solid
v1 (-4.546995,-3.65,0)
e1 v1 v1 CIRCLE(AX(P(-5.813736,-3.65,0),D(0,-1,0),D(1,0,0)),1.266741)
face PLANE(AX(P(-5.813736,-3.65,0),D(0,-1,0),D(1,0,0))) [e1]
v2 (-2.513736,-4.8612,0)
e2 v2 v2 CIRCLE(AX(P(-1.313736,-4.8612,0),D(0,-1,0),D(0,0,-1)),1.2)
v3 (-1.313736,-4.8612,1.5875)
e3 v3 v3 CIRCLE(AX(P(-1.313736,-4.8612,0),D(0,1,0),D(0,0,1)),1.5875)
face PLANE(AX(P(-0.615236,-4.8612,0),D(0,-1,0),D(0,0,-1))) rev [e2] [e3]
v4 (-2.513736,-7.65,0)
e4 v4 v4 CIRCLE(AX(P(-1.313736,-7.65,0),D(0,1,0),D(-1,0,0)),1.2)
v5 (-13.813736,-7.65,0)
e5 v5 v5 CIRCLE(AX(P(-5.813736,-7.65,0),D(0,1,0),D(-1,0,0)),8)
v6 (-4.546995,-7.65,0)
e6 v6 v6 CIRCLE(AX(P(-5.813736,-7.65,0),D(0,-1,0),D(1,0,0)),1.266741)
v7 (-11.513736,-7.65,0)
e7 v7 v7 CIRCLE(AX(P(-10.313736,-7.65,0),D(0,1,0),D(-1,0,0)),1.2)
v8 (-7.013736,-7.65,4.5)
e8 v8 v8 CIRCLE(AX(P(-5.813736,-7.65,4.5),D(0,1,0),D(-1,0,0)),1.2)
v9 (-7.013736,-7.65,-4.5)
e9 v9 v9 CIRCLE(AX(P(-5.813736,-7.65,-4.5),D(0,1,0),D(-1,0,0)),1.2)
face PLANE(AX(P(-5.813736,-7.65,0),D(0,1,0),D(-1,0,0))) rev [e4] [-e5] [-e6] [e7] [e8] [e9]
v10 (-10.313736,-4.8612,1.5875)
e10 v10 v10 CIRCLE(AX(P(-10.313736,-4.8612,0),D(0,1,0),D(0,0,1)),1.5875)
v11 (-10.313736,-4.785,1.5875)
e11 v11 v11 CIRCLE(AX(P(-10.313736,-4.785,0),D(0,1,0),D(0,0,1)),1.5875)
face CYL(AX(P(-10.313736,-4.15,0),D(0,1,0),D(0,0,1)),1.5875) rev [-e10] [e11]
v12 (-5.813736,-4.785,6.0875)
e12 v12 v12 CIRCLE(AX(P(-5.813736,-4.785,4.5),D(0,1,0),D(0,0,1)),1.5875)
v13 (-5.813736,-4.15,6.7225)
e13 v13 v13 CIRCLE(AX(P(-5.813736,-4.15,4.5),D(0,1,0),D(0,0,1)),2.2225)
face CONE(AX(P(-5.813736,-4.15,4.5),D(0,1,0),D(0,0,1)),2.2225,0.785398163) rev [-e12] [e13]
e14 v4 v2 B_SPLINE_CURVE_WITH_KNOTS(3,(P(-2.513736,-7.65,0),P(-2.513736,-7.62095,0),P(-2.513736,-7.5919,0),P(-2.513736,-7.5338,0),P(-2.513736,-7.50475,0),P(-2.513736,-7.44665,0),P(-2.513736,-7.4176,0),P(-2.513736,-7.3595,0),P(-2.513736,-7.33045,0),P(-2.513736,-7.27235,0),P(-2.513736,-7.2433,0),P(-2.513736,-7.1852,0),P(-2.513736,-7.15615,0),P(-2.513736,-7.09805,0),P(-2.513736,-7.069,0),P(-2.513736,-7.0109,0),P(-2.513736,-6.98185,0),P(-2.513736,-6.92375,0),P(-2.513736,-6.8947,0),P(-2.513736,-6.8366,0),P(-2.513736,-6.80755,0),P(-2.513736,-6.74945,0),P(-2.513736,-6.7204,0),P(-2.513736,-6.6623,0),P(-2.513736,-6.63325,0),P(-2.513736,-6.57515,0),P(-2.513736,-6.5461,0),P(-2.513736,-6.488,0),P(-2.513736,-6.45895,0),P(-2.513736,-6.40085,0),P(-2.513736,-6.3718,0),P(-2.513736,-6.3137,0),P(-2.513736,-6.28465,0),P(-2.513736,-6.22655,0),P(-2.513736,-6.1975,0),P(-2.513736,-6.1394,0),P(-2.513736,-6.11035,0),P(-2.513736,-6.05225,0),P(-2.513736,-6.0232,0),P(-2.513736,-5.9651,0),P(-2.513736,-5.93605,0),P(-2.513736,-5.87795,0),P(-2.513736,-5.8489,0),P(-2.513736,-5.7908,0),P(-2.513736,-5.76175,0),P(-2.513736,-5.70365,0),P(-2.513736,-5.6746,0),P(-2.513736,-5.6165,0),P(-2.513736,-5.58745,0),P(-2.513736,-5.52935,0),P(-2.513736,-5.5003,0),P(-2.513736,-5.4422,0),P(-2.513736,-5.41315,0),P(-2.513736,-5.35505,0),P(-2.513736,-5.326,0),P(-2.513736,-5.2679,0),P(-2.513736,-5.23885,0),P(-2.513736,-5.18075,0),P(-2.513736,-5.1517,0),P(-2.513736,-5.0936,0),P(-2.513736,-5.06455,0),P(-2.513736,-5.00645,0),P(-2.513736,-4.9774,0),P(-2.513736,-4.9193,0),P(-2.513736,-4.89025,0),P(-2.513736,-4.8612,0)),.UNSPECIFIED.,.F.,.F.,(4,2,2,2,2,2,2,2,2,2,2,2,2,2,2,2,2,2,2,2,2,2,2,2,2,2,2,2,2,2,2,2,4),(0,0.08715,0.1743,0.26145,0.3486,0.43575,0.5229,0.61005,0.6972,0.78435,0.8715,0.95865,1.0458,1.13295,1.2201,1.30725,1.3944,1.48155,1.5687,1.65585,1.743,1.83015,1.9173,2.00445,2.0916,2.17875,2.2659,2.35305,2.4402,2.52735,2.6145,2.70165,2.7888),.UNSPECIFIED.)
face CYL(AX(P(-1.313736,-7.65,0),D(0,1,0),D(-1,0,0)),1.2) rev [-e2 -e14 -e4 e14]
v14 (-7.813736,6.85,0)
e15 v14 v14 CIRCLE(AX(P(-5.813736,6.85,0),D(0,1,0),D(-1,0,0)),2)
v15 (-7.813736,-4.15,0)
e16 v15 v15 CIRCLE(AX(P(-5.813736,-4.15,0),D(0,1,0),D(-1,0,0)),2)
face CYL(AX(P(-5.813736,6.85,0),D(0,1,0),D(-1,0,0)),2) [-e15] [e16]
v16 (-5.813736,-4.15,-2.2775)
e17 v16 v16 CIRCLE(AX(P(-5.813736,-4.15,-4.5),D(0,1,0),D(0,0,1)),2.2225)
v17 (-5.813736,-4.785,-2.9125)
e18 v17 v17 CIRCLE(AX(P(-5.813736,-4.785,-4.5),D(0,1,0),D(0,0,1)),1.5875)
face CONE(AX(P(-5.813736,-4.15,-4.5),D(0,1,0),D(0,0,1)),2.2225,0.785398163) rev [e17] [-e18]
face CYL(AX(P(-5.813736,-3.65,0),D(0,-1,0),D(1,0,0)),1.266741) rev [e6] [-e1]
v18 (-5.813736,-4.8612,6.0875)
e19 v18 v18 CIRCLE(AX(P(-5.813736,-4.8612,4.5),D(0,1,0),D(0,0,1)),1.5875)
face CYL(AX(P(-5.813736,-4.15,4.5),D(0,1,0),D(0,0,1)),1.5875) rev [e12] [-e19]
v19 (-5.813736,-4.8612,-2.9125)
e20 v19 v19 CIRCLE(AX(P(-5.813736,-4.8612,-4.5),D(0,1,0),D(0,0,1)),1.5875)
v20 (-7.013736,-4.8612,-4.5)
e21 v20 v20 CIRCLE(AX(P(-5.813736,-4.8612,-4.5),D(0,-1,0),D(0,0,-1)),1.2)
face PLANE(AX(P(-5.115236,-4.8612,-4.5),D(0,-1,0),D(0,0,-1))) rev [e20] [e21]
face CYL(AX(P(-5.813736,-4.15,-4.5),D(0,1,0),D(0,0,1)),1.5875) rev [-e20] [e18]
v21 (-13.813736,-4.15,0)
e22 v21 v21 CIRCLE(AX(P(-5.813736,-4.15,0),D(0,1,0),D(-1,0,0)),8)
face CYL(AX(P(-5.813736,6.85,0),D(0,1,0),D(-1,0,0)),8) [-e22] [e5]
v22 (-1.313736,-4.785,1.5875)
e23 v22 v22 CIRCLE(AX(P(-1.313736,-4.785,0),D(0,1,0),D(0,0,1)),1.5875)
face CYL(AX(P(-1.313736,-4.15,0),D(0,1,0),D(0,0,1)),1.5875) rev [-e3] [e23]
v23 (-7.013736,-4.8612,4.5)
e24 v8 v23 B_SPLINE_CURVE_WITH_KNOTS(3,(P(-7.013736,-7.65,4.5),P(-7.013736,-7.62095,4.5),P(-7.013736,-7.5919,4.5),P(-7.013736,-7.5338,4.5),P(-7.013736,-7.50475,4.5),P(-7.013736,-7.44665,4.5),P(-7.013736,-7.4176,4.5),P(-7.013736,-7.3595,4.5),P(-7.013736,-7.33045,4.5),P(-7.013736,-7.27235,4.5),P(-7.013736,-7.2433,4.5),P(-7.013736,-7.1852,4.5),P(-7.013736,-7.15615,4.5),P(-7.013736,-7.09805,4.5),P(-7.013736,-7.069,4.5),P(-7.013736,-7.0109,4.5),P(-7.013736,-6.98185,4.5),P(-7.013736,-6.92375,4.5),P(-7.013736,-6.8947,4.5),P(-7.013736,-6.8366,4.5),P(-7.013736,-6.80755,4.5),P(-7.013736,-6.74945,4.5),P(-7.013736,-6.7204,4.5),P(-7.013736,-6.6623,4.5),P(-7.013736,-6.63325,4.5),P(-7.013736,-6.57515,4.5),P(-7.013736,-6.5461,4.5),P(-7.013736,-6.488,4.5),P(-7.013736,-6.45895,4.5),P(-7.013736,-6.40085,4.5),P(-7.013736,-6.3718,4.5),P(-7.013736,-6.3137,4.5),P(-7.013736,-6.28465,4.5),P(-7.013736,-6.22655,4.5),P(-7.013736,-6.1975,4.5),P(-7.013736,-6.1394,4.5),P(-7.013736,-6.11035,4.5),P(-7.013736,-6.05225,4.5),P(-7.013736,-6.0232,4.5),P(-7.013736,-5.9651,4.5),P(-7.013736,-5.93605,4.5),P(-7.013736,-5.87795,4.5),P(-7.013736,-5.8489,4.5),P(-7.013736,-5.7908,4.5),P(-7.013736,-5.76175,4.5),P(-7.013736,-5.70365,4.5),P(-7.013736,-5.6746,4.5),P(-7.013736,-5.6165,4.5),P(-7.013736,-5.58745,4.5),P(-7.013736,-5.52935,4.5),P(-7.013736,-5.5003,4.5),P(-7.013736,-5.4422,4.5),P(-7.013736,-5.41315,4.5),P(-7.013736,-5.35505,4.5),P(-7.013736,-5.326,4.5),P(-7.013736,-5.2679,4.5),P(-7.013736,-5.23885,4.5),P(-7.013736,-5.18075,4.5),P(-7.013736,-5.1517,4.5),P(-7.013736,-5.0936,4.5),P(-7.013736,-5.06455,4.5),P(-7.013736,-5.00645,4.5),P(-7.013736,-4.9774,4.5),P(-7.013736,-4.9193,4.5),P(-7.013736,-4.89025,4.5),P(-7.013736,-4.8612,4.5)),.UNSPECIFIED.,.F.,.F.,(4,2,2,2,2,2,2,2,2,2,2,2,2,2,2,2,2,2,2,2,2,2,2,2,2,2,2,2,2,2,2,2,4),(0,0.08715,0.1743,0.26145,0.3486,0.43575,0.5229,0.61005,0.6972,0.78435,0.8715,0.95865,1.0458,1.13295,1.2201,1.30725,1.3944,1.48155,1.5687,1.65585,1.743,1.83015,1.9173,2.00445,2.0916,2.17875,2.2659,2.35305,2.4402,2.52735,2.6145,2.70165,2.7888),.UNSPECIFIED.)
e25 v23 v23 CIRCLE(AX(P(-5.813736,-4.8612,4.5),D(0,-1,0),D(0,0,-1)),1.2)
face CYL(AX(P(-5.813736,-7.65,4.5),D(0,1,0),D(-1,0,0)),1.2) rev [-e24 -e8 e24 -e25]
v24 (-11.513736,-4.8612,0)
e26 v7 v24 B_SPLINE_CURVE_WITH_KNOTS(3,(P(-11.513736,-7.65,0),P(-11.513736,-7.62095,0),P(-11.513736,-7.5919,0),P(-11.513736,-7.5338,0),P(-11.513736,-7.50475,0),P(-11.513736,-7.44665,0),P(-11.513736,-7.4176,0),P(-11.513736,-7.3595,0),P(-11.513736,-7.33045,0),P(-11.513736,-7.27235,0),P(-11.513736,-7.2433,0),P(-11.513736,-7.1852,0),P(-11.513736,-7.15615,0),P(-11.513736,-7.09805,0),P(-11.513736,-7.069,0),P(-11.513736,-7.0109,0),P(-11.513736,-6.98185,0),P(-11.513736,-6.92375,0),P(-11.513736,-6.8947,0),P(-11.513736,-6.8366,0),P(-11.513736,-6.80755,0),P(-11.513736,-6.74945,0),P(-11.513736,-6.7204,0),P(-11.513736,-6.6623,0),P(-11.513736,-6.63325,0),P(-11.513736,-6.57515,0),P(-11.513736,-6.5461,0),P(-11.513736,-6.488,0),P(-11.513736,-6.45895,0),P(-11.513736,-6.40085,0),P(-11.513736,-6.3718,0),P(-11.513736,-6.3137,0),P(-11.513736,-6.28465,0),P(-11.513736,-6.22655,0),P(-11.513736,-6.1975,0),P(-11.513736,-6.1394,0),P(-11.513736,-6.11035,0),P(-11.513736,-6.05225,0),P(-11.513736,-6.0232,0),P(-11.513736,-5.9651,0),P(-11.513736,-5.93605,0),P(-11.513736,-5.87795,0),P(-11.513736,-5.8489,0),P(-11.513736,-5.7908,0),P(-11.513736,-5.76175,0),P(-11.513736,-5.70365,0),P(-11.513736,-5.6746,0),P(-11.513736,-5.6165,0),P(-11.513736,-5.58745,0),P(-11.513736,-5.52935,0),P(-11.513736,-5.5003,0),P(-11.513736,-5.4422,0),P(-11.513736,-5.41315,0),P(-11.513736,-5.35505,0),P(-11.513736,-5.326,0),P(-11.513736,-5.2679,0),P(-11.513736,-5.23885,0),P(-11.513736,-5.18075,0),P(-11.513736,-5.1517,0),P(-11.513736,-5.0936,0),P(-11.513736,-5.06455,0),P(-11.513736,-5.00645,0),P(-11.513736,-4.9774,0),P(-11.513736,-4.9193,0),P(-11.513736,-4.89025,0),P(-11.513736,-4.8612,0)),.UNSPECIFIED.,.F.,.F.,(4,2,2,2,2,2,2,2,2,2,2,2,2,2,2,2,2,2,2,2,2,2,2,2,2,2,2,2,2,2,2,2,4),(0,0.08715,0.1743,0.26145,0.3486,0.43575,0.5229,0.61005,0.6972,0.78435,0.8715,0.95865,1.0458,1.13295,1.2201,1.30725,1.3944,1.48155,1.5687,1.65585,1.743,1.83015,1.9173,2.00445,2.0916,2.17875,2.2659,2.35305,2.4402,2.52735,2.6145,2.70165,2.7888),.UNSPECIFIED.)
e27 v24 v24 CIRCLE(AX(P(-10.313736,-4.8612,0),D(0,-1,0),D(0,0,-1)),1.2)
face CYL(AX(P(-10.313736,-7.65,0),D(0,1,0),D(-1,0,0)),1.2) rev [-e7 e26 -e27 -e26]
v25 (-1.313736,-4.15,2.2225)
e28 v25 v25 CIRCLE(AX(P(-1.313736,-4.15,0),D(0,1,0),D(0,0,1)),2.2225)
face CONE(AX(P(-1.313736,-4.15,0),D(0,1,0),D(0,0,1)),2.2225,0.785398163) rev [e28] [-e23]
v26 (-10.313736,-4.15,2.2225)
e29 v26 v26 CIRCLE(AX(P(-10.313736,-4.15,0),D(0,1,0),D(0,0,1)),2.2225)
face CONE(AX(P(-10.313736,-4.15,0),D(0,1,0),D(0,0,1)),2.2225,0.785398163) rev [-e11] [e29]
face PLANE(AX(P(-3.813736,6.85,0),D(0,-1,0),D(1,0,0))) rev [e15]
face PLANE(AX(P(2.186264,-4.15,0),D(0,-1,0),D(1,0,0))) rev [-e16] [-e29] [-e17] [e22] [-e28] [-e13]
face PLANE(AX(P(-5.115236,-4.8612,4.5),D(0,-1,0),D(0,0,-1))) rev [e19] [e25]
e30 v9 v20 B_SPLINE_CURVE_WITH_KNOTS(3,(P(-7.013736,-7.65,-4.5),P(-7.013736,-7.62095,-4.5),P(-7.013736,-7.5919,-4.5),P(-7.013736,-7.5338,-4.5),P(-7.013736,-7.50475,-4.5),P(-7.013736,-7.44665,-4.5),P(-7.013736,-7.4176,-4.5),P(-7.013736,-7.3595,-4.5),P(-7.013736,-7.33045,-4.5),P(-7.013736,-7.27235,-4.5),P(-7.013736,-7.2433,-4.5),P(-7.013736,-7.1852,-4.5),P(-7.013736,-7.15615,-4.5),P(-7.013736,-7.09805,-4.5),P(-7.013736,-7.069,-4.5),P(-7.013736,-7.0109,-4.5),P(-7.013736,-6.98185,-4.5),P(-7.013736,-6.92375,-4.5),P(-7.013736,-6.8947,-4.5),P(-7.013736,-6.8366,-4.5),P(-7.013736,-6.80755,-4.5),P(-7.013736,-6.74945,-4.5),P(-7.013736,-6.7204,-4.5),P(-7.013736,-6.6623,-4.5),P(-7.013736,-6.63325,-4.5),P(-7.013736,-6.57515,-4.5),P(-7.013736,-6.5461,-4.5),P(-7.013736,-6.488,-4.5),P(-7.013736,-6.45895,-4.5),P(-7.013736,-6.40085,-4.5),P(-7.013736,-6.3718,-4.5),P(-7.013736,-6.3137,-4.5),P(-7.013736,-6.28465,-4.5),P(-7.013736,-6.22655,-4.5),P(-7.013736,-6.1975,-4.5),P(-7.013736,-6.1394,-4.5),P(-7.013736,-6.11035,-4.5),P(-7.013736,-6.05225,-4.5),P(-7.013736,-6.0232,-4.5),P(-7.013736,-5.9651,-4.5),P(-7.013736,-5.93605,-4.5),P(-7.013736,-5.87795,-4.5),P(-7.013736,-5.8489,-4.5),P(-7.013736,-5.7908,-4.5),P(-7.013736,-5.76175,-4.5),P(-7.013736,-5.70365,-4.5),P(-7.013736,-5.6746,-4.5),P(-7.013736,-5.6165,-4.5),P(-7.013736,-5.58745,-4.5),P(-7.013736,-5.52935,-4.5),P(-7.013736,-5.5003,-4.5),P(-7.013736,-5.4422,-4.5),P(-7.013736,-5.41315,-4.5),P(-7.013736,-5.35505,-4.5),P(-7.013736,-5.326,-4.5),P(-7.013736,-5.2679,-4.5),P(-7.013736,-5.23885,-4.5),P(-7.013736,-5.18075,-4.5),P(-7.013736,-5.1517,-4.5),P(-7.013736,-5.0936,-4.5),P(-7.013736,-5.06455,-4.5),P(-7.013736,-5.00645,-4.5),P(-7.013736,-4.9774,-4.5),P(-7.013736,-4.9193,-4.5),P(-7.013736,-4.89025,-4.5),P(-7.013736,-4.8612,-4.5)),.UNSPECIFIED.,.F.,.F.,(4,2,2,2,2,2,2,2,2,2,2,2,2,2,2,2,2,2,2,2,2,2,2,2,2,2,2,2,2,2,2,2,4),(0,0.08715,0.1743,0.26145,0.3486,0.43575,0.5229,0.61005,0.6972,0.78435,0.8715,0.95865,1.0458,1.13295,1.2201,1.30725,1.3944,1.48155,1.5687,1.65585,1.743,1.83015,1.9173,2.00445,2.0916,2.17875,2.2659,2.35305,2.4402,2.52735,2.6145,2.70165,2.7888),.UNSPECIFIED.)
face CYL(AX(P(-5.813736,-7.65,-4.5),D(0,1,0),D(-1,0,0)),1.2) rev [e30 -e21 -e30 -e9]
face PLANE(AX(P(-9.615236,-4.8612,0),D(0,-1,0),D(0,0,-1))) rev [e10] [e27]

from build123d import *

# Parameters (mm, degrees)
CBORE_FOR_00_BINDING_HEAD_MACHINE_S_2_COUNT = 2
CBORE_FOR_00_BINDING_HEAD_MACHINE_S_2_PITCH = 6.363961031
CBORE_FOR_00_BINDING_HEAD_MACHINE_S_3_COUNT = 2
CBORE_FOR_00_BINDING_HEAD_MACHINE_S_3_PITCH = 9
CBORE_FOR_00_BINDING_HEAD_MACHINE_S_4_COUNT = 2
CBORE_FOR_00_BINDING_HEAD_MACHINE_S_4_PITCH = 6.363961031
SKETCH10_R                                  = 1.2
CUT_EXTRUDE1_DEPTH                          = 20.386059671
SKETCH11_R                                  = 1.266741203
CUT_EXTRUDE2_DEPTH                          = 4


with BuildPart() as part:
    # Sketch1 → Revolve1 (revolve)
    with BuildSketch(Plane.XY, mode=Mode.PRIVATE) as revolve1_sk:
        Polygon((-5.813736264, 6.85), (-5.813736264, -7.65), (2.186263736, -7.65), (2.186263736, -4.15), (-3.813736264, -4.15), (-3.813736264, 6.85), align=None)
    revolve(revolve1_sk.sketch.rotate(Axis((-5.813736264, 6.85, 0), (0, -1, 0)), 180), axis=Axis((-5.813736264, 6.85, 0), (0, -1, 0)))

    # Sketch7 → CBORE for #00 Binding Head Machine Screw1 (revolve, cut)
    with BuildSketch(Plane(origin=(-10.313736264, -4.15, 0), x_dir=(0, 0, 1), z_dir=(1, 0, 0))):
        Polygon((0, 0), (0, 0.469701142), (0.6985, 0.05), (0.6985, 0.7112), (1.5875, 0.7112), (1.5875, 0.635), (2.2225, 0), align=None)
    cbore_for_00_binding_head_machine_screw = revolve(axis=Axis((-10.313736264, 2.2, 0), (0, -1, 0)), mode=Mode.SUBTRACT)

    # CBORE for _00 Binding Head Machine S 2: CBORE for #00 Binding Head Machine Screw1 ×2
    with Locations(*[Vector(0.7071067811865475, 0, -0.7071067811865477) * (i * CBORE_FOR_00_BINDING_HEAD_MACHINE_S_2_PITCH) for i in range(1, CBORE_FOR_00_BINDING_HEAD_MACHINE_S_2_COUNT)]):
        add(cbore_for_00_binding_head_machine_screw, mode=Mode.SUBTRACT)

    # CBORE for _00 Binding Head Machine S 3: CBORE for #00 Binding Head Machine Screw1 ×2
    with Locations(*[(i * CBORE_FOR_00_BINDING_HEAD_MACHINE_S_3_PITCH, 0, 0) for i in range(1, CBORE_FOR_00_BINDING_HEAD_MACHINE_S_3_COUNT)]):
        add(cbore_for_00_binding_head_machine_screw, mode=Mode.SUBTRACT)

    # CBORE for _00 Binding Head Machine S 4: CBORE for #00 Binding Head Machine Screw1 ×2
    with Locations(*[Vector(0.7071067811865475, 0, 0.7071067811865477) * (i * CBORE_FOR_00_BINDING_HEAD_MACHINE_S_4_PITCH) for i in range(1, CBORE_FOR_00_BINDING_HEAD_MACHINE_S_4_COUNT)]):
        add(cbore_for_00_binding_head_machine_screw, mode=Mode.SUBTRACT)

    # Sketch10 → Cut-Extrude1 (cut, through all)
    with BuildSketch(Plane(origin=(0, -4.15, 0), x_dir=(1, 0, 0), z_dir=(0, 1, 0))):
        with Locations(Location((-10.313736264, 0, 0), (0, 0, 180))):
            Circle(SKETCH10_R)
        with Locations(Location((-5.813736264, 4.5, 0), (0, 0, 180))):
            Circle(SKETCH10_R)
        with Locations(Location((-1.313736264, 0, 0), (0, 0, 180))):
            Circle(SKETCH10_R)
        with Locations(Location((-5.813736264, -4.5, 0), (0, 0, 180))):
            Circle(SKETCH10_R)
    extrude(amount=-CUT_EXTRUDE1_DEPTH, mode=Mode.SUBTRACT)

    # Sketch11 → Cut-Extrude2 (cut)
    with BuildSketch(Plane.XZ.offset(7.65)):
        with Locations((-5.813736264, 0)):
            Circle(SKETCH11_R)
    extrude(amount=-CUT_EXTRUDE2_DEPTH, mode=Mode.SUBTRACT)


solid = part.part
